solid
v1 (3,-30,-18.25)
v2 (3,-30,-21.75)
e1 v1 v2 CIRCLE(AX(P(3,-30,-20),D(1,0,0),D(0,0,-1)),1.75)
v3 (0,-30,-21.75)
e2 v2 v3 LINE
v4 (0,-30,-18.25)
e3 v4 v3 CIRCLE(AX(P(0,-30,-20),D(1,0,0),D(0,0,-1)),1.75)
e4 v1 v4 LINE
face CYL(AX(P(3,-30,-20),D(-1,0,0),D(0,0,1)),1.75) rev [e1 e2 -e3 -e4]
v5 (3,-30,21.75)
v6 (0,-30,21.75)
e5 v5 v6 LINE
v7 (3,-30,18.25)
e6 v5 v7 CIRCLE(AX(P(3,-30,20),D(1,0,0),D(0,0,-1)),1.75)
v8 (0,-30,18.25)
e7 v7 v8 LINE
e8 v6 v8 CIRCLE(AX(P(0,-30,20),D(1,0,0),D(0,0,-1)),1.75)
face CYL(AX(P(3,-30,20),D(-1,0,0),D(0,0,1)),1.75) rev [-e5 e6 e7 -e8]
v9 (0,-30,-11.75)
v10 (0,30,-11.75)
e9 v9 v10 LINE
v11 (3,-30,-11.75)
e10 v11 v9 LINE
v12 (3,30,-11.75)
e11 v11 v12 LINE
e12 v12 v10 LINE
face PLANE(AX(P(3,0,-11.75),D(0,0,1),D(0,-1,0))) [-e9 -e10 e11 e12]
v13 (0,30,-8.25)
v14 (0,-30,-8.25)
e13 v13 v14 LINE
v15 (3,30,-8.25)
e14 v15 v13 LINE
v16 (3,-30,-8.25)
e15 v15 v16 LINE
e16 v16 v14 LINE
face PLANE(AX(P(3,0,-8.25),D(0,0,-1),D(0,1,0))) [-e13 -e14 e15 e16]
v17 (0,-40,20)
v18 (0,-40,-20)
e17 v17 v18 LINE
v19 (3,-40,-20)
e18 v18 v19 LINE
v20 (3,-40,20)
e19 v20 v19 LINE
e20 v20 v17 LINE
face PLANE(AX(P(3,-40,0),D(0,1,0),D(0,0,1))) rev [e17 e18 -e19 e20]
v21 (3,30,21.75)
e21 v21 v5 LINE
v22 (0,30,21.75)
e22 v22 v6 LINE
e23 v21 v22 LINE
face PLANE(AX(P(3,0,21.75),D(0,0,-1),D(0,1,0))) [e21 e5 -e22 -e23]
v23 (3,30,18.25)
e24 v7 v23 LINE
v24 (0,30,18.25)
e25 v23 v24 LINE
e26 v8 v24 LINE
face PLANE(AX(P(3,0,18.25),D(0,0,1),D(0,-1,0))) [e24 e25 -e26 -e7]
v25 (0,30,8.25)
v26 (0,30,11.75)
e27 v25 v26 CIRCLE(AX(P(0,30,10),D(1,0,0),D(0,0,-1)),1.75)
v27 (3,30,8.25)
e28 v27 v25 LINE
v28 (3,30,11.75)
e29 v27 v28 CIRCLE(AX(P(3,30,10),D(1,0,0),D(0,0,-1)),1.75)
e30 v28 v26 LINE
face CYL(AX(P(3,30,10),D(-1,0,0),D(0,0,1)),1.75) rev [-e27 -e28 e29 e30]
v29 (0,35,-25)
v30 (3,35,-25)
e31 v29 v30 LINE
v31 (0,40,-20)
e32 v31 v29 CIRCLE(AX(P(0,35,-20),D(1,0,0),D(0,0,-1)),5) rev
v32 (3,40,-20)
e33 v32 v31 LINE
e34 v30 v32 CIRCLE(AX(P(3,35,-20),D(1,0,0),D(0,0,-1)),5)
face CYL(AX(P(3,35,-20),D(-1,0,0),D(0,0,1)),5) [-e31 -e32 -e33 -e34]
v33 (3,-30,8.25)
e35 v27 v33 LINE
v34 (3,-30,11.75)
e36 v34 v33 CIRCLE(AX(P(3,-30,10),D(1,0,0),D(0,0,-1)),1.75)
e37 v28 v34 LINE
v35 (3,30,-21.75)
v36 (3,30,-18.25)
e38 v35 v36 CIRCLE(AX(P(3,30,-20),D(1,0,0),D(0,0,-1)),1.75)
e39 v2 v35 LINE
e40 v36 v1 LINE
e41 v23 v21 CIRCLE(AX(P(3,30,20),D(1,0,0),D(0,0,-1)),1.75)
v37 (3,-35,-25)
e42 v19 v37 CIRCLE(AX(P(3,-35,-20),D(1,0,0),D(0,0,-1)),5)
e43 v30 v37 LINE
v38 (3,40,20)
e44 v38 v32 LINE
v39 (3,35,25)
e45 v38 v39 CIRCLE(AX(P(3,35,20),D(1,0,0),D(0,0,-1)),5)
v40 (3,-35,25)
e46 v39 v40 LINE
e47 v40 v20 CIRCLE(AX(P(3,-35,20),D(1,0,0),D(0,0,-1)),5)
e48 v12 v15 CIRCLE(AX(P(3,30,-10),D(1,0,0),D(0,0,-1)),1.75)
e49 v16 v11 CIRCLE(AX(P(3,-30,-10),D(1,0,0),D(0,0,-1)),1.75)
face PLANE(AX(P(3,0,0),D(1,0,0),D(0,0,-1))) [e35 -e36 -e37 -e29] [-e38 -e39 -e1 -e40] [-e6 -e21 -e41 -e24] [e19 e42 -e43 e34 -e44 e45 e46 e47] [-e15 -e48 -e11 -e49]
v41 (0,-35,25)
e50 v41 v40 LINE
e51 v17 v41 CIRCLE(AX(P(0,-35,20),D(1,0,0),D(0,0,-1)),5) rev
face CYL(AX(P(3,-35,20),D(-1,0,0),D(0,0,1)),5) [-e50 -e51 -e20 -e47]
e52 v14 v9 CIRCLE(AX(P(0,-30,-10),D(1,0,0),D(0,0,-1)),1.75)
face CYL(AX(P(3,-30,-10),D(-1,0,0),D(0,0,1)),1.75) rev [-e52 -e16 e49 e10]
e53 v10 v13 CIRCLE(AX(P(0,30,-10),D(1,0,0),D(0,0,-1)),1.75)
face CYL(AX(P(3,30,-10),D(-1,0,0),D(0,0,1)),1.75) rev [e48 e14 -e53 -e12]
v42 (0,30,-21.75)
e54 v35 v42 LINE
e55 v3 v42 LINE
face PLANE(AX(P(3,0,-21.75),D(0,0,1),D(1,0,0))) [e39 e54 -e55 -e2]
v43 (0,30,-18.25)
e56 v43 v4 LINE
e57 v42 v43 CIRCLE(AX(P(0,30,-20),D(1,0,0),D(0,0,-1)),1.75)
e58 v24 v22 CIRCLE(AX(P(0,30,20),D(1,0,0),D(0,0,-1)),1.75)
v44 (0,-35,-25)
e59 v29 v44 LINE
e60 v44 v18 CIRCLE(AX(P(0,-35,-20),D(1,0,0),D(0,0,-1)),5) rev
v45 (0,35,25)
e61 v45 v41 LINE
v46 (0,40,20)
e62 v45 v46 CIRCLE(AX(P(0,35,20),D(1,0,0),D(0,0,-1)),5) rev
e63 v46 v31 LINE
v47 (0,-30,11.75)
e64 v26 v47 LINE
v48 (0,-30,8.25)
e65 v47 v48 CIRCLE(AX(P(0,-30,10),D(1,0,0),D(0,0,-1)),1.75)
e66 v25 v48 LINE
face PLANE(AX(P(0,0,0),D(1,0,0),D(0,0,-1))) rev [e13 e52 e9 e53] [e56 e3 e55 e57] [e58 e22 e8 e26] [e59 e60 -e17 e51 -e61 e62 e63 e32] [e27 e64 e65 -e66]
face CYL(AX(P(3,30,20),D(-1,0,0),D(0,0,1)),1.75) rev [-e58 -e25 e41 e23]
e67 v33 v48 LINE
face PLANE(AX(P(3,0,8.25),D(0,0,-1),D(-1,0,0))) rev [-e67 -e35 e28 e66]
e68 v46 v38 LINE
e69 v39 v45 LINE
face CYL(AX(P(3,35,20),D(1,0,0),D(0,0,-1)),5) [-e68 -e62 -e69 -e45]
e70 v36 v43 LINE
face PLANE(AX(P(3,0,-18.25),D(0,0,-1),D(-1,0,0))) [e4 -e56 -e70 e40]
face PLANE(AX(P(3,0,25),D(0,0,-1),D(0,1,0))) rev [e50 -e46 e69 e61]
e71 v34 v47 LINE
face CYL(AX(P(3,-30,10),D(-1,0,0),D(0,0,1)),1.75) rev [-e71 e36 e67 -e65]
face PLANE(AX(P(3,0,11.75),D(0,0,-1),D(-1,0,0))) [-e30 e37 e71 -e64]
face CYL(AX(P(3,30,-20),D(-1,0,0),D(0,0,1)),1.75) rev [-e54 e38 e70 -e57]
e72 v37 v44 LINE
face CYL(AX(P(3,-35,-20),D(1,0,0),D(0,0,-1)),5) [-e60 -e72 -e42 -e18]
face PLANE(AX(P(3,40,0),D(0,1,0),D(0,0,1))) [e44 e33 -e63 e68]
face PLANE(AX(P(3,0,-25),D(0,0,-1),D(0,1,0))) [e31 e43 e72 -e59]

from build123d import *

# Parameters (mm, degrees)
SKETCH_1_W      = 50
SKETCH_1_H      = 80
SKETCH_1_R      = 1.75
EXTRUDE_1_DEPTH = 3
FILLET_1_R      = 5


with BuildPart() as part:
    # 草图1 → 凸台-拉伸1 (new body)
    # profile 1 of 4: a face of its own
    with BuildSketch(Plane(origin=(0, 0, 0), x_dir=(0, 0, -1), z_dir=(1, 0, 0))):
        Rectangle(SKETCH_1_W, SKETCH_1_H)
        with BuildLine():
            Line((-21.75, -30), (-21.75, 30))
            ThreePointArc((-21.75, 30), (-20, 31.75), (-18.25, 30))
            Line((-18.25, 30), (-18.25, -30))
            ThreePointArc((-18.25, -30), (-20, -31.75), (-21.75, -30))
        make_face(mode=Mode.SUBTRACT)
        with BuildLine():
            Line((-11.75, -30), (-11.75, 30))
            ThreePointArc((-11.75, 30), (-10, 31.75), (-8.25, 30))
            Line((-8.25, 30), (-8.25, -30))
            ThreePointArc((-8.25, -30), (-10, -31.75), (-11.75, -30))
        make_face(mode=Mode.SUBTRACT)
        with BuildLine():
            Line((-1.75, -30), (-1.75, 30))
            ThreePointArc((-1.75, 30), (0, 31.75), (1.75, 30))
            Line((1.75, 30), (1.75, -30))
            ThreePointArc((1.75, -30), (0, -31.75), (-1.75, -30))
        make_face(mode=Mode.SUBTRACT)
        with BuildLine():
            Line((8.25, -30), (8.25, 30))
            ThreePointArc((8.25, 30), (10, 31.75), (11.75, 30))
            Line((11.75, 30), (11.75, -30))
            ThreePointArc((11.75, -30), (10, -31.75), (8.25, -30))
        make_face(mode=Mode.SUBTRACT)
        with BuildLine():
            Line((21.75, 30), (21.75, -30))
            ThreePointArc((21.75, -30), (20, -31.75), (18.25, -30))
            Line((18.25, -30), (18.25, 30))
            ThreePointArc((18.25, 30), (20, 31.75), (21.75, 30))
        make_face(mode=Mode.SUBTRACT)
    # profile 2 of 4: a face of its own
    with BuildSketch(Plane(origin=(0, 0, 0), x_dir=(0, 0, -1), z_dir=(1, 0, 0))):
        with BuildLine():
            ThreePointArc((1.75, 30), (0, 28.25), (-1.75, 30))
            Line((-1.75, 30), (-1.75, -30))
            ThreePointArc((-1.75, -30), (0, -28.25), (1.75, -30))
            Line((1.75, -30), (1.75, 30))
        make_face()
    # profile 3 of 4: a face of its own
    with BuildSketch(Plane(origin=(0, 0, 0), x_dir=(0, 0, -1), z_dir=(1, 0, 0))):
        with Locations((0, 30)):
            Circle(SKETCH_1_R)
    # profile 4 of 4: a face of its own
    with BuildSketch(Plane(origin=(0, 0, 0), x_dir=(0, 0, -1), z_dir=(1, 0, 0))):
        with Locations((0, -30)):
            Circle(SKETCH_1_R)
    extrude(amount=EXTRUDE_1_DEPTH)

    # 圆角1
    fillet_1_edges = [part.edges().sort_by_distance(p)[0] for p in [
        (1.5, -40, -25),
        (1.5, -40, 25),
        (1.5, 40, 25),
        (1.5, 40, -25),
    ]]
    fillet(fillet_1_edges, radius=FILLET_1_R)


solid = part.part
